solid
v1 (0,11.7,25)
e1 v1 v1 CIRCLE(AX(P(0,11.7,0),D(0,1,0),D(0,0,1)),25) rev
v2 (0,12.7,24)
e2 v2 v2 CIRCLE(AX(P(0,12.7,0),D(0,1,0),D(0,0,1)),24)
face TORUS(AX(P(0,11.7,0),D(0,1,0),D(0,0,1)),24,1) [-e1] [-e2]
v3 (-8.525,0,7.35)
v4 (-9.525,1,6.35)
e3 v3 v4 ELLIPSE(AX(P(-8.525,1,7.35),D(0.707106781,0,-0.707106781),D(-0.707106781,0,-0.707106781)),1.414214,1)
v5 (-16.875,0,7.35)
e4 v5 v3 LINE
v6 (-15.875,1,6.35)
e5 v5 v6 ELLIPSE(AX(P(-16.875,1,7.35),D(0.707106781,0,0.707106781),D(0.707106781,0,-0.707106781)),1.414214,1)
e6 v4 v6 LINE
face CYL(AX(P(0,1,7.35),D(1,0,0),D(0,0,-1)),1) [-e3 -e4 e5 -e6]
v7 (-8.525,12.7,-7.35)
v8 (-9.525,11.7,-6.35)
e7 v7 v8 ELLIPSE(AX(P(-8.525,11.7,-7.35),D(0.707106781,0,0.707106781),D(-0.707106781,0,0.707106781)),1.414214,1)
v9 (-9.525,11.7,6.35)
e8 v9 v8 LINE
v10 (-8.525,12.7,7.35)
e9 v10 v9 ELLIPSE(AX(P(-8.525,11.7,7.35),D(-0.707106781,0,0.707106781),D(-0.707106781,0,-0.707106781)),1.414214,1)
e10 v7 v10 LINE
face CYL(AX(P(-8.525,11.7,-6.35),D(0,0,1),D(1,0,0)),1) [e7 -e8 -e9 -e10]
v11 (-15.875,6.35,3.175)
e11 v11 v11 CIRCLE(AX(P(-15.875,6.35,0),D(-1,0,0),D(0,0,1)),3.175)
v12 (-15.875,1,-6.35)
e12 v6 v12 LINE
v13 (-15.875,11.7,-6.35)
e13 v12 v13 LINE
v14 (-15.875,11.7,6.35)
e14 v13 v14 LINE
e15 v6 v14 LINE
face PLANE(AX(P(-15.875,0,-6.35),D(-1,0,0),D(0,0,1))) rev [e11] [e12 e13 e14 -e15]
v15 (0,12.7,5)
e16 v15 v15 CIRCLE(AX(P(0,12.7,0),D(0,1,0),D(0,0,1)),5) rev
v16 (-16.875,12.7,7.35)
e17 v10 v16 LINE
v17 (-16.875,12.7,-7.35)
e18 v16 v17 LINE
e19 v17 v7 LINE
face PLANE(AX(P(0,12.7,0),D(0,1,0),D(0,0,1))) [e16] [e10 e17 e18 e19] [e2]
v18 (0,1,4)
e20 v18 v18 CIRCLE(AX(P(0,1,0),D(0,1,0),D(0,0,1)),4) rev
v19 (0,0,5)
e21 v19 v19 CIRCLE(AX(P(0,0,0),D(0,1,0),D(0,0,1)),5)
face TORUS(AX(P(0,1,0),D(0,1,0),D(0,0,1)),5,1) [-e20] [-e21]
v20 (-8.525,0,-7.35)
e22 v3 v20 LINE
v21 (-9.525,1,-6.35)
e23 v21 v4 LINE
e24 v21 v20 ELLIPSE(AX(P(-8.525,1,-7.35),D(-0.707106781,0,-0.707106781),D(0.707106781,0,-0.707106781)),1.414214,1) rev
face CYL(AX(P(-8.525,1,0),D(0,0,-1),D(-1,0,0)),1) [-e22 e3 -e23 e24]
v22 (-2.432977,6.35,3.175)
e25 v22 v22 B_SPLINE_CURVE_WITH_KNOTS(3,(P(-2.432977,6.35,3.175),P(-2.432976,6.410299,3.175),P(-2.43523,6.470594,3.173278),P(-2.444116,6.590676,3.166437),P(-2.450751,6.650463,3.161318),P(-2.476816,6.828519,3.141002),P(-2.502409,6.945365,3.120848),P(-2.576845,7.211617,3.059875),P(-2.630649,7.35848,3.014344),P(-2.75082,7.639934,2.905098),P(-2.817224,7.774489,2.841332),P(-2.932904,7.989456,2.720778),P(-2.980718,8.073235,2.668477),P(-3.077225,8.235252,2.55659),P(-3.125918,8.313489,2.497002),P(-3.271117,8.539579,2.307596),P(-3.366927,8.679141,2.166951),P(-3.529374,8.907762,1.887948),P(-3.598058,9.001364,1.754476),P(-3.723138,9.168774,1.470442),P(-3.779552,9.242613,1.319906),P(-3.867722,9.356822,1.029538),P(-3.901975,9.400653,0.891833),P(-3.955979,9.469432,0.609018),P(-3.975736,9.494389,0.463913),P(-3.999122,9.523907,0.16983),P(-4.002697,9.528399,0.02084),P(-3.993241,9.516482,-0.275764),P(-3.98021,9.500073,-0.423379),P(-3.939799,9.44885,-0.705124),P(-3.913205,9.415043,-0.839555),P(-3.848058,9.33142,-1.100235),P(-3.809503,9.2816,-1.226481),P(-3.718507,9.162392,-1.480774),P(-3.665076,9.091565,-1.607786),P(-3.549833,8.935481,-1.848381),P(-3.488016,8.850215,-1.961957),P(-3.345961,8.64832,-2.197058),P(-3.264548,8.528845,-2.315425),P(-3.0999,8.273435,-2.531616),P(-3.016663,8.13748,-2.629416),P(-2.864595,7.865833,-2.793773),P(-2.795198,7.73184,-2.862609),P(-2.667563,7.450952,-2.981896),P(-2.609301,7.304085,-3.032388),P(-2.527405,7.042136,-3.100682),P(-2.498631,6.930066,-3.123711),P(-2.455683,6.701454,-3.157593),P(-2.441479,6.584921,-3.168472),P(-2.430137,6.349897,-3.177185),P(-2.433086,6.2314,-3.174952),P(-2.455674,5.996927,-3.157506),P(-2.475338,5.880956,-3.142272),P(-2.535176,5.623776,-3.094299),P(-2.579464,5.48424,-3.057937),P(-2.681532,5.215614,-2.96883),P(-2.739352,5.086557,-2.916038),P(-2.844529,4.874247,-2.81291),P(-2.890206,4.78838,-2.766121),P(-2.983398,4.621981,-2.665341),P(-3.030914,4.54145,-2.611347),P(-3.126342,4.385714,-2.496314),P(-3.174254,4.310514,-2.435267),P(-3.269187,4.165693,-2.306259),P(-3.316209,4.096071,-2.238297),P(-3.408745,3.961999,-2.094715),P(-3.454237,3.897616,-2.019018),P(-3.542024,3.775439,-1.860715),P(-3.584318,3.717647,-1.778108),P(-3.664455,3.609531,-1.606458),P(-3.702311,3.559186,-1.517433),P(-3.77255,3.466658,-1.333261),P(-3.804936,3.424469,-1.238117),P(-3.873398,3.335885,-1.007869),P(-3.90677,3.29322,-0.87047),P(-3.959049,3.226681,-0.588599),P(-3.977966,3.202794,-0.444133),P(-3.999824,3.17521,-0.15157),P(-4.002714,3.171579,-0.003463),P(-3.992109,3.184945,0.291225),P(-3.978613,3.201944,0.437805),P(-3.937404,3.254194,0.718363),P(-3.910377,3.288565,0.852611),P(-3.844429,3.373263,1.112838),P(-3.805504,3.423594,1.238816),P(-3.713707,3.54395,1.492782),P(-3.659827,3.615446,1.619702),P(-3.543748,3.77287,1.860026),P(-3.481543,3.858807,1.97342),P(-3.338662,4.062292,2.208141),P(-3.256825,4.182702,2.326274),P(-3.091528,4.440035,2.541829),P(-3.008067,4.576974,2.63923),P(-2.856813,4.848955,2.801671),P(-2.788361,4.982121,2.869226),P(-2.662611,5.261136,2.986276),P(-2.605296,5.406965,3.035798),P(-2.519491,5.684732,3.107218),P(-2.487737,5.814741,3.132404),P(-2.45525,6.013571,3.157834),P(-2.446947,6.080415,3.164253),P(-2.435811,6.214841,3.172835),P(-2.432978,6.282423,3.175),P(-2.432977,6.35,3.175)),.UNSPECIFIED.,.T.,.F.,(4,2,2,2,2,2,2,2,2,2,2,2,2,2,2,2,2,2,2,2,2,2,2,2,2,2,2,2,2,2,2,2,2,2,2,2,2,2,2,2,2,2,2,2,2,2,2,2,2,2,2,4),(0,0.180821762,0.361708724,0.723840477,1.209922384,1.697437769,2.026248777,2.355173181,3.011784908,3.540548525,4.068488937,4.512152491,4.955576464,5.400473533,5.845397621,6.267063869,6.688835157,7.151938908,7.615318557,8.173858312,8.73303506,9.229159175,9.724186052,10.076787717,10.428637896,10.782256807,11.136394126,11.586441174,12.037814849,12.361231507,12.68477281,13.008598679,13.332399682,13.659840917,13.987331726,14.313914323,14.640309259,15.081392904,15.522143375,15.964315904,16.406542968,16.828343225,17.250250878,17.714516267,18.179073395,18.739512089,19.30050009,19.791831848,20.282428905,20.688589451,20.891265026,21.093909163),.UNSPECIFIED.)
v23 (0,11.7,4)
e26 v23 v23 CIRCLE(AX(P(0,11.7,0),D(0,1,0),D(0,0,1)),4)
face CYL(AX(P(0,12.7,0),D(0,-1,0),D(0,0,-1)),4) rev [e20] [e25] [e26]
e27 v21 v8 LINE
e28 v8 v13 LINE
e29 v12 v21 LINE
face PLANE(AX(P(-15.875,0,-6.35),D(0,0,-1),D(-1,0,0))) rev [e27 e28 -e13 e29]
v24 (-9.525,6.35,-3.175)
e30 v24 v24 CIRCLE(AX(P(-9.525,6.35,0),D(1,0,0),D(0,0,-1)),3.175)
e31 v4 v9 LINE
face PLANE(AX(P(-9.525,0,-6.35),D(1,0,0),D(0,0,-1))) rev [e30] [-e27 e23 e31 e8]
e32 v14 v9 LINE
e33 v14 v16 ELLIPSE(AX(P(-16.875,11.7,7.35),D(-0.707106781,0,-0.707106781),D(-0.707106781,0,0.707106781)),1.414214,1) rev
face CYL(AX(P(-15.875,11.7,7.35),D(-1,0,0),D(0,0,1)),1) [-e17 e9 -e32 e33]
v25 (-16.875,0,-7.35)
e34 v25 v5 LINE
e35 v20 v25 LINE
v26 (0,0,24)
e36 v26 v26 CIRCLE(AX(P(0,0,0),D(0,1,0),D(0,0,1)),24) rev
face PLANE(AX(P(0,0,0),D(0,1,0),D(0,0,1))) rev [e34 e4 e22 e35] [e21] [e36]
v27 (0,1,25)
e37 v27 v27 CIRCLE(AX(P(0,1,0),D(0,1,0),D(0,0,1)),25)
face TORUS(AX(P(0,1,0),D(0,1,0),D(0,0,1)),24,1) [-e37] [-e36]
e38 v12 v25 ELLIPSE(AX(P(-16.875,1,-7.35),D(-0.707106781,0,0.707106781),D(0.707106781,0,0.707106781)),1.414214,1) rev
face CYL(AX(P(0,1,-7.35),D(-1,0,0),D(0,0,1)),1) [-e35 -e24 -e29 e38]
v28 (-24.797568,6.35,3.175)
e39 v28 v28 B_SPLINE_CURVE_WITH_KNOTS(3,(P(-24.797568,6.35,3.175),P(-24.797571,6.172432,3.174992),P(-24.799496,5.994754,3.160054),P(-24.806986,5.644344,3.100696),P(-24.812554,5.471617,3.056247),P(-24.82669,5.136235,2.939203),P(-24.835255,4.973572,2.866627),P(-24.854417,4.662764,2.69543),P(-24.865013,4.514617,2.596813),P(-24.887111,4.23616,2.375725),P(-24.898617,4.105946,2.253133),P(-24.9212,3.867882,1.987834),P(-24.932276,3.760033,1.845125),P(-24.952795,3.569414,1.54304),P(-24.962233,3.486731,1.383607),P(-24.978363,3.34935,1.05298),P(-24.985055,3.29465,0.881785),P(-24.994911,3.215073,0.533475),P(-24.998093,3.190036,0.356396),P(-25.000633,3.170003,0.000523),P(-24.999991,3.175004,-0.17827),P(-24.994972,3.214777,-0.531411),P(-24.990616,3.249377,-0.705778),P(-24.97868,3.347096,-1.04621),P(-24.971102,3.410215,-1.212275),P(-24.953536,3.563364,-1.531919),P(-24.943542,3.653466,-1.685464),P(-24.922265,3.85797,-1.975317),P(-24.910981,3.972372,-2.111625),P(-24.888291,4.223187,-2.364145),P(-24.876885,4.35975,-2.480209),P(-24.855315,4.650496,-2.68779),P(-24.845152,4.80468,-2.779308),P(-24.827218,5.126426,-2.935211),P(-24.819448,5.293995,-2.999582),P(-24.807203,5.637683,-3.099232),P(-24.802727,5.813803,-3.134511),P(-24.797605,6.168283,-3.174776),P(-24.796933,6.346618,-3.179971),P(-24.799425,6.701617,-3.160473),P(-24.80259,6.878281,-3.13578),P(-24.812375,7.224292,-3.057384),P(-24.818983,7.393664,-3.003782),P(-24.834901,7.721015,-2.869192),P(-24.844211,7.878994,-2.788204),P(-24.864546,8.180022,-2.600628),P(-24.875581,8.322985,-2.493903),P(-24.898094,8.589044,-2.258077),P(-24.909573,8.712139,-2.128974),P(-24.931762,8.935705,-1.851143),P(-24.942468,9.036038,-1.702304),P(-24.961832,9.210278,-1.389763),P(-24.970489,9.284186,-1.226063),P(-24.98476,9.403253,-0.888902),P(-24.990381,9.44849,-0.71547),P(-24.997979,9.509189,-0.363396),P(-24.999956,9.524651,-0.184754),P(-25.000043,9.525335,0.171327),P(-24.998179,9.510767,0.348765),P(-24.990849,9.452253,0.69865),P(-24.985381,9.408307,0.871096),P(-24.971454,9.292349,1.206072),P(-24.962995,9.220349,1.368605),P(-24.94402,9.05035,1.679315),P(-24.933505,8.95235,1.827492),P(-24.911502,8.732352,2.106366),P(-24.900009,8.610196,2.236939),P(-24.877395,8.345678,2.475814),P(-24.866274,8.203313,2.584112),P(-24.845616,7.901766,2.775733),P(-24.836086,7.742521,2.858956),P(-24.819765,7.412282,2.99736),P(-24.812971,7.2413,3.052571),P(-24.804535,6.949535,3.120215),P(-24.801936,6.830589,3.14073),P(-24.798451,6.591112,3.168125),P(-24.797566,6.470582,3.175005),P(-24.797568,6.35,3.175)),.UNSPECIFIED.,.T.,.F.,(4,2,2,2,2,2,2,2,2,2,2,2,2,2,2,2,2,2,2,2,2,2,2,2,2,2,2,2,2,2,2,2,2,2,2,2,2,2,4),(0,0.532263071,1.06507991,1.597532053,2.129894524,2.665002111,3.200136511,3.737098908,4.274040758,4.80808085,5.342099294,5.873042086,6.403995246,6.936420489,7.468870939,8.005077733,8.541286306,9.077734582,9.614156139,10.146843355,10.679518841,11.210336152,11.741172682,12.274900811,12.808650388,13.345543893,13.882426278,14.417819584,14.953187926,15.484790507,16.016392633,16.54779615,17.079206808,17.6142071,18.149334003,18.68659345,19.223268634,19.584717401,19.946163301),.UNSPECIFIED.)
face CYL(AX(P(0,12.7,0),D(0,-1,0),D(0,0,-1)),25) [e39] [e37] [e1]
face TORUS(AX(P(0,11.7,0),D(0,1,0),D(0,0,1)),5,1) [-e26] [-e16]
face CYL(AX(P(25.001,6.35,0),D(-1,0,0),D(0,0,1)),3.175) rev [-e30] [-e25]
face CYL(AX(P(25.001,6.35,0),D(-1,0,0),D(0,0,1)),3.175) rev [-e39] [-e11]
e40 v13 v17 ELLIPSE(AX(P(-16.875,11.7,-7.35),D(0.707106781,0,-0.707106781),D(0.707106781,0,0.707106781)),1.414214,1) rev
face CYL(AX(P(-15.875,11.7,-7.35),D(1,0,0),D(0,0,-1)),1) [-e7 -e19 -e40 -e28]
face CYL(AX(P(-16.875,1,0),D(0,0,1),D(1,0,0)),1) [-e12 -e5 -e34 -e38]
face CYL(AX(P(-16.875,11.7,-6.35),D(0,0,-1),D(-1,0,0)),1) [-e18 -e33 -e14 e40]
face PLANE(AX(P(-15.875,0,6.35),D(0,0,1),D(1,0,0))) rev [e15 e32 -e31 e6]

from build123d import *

# Parameters (mm, degrees)
SKETCH1_R                      = 25
SKETCH1_R_2                    = 4
BOSS_EXTRUDE1_DEPTH            = 12.7
SKETCH2_W                      = 6.35
SKETCH2_H                      = 12.7
CUT_EXTRUDE1_DEPTH             = 38.567139896
SKETCH3_R                      = 3.175
CUT_EXTRUDE2_DEPTH             = 45.477698063
CUT_EXTRUDE2_DIRECTION_2_REACH = 46.478
FILLET1_R                      = 1


with BuildPart() as part:
    # Sketch1 → Boss-Extrude1 (new body)
    with BuildSketch(Plane(origin=(0, 0, 0), x_dir=(1, 0, 0), z_dir=(0, 1, 0))):
        with Locations(Location((0, 0, 0), (0, 0, 270))):
            Circle(SKETCH1_R)
        with Locations(Location((0, 0, 0), (0, 0, 270))):
            Circle(SKETCH1_R_2, mode=Mode.SUBTRACT)
    extrude(amount=BOSS_EXTRUDE1_DEPTH)

    # Sketch2 → Cut-Extrude1 (cut, through all)
    with BuildSketch(Plane(origin=(0, 12.7, 0), x_dir=(1, 0, 0), z_dir=(0, 1, 0))):
        with Locations((-12.7, 0)):
            Rectangle(SKETCH2_W, SKETCH2_H)
    extrude(amount=-CUT_EXTRUDE1_DEPTH, mode=Mode.SUBTRACT)

    # Sketch3 → Cut-Extrude2 (cut)
    with BuildSketch(Plane.ZY.offset(9.525)):
        with Locations((0, 6.35)):
            Circle(SKETCH3_R)
    extrude(amount=CUT_EXTRUDE2_DEPTH, mode=Mode.SUBTRACT)

    # Sketch3 → Cut-Extrude2 direction 2 (cut, up to next)
    with BuildSketch(Plane.ZY.offset(9.525), mode=Mode.PRIVATE) as cut_extrude2_direction_2_sk1:
        with Locations((0, 6.35)):
            Circle(SKETCH3_R)
    cut_extrude2_direction_2_tool1 = extrude(cut_extrude2_direction_2_sk1.sketch, amount=-CUT_EXTRUDE2_DIRECTION_2_REACH, mode=Mode.PRIVATE) & part.part
    add(cut_extrude2_direction_2_tool1.solids().sort_by_distance((-9.525, 6.35, 0))[0], mode=Mode.SUBTRACT)

    # Fillet1
    fillet1_edges = [part.edges().sort_by_distance(p)[0] for p in [
        (-15.875, 0, 0),
        (-12.7, 0, -6.35),
        (-9.525, 0, 0),
        (-12.7, 0, 6.35),
        (-15.875, 12.7, 0),
        (-12.7, 12.7, 6.35),
        (-9.525, 12.7, 0),
        (-12.7, 12.7, -6.35),
        (0, 0, -25),
        (0, 12.7, -25),
        (0, 0, -4),
        (0, 12.7, -4),
    ]]
    fillet(fillet1_edges, radius=FILLET1_R)


solid = part.part
